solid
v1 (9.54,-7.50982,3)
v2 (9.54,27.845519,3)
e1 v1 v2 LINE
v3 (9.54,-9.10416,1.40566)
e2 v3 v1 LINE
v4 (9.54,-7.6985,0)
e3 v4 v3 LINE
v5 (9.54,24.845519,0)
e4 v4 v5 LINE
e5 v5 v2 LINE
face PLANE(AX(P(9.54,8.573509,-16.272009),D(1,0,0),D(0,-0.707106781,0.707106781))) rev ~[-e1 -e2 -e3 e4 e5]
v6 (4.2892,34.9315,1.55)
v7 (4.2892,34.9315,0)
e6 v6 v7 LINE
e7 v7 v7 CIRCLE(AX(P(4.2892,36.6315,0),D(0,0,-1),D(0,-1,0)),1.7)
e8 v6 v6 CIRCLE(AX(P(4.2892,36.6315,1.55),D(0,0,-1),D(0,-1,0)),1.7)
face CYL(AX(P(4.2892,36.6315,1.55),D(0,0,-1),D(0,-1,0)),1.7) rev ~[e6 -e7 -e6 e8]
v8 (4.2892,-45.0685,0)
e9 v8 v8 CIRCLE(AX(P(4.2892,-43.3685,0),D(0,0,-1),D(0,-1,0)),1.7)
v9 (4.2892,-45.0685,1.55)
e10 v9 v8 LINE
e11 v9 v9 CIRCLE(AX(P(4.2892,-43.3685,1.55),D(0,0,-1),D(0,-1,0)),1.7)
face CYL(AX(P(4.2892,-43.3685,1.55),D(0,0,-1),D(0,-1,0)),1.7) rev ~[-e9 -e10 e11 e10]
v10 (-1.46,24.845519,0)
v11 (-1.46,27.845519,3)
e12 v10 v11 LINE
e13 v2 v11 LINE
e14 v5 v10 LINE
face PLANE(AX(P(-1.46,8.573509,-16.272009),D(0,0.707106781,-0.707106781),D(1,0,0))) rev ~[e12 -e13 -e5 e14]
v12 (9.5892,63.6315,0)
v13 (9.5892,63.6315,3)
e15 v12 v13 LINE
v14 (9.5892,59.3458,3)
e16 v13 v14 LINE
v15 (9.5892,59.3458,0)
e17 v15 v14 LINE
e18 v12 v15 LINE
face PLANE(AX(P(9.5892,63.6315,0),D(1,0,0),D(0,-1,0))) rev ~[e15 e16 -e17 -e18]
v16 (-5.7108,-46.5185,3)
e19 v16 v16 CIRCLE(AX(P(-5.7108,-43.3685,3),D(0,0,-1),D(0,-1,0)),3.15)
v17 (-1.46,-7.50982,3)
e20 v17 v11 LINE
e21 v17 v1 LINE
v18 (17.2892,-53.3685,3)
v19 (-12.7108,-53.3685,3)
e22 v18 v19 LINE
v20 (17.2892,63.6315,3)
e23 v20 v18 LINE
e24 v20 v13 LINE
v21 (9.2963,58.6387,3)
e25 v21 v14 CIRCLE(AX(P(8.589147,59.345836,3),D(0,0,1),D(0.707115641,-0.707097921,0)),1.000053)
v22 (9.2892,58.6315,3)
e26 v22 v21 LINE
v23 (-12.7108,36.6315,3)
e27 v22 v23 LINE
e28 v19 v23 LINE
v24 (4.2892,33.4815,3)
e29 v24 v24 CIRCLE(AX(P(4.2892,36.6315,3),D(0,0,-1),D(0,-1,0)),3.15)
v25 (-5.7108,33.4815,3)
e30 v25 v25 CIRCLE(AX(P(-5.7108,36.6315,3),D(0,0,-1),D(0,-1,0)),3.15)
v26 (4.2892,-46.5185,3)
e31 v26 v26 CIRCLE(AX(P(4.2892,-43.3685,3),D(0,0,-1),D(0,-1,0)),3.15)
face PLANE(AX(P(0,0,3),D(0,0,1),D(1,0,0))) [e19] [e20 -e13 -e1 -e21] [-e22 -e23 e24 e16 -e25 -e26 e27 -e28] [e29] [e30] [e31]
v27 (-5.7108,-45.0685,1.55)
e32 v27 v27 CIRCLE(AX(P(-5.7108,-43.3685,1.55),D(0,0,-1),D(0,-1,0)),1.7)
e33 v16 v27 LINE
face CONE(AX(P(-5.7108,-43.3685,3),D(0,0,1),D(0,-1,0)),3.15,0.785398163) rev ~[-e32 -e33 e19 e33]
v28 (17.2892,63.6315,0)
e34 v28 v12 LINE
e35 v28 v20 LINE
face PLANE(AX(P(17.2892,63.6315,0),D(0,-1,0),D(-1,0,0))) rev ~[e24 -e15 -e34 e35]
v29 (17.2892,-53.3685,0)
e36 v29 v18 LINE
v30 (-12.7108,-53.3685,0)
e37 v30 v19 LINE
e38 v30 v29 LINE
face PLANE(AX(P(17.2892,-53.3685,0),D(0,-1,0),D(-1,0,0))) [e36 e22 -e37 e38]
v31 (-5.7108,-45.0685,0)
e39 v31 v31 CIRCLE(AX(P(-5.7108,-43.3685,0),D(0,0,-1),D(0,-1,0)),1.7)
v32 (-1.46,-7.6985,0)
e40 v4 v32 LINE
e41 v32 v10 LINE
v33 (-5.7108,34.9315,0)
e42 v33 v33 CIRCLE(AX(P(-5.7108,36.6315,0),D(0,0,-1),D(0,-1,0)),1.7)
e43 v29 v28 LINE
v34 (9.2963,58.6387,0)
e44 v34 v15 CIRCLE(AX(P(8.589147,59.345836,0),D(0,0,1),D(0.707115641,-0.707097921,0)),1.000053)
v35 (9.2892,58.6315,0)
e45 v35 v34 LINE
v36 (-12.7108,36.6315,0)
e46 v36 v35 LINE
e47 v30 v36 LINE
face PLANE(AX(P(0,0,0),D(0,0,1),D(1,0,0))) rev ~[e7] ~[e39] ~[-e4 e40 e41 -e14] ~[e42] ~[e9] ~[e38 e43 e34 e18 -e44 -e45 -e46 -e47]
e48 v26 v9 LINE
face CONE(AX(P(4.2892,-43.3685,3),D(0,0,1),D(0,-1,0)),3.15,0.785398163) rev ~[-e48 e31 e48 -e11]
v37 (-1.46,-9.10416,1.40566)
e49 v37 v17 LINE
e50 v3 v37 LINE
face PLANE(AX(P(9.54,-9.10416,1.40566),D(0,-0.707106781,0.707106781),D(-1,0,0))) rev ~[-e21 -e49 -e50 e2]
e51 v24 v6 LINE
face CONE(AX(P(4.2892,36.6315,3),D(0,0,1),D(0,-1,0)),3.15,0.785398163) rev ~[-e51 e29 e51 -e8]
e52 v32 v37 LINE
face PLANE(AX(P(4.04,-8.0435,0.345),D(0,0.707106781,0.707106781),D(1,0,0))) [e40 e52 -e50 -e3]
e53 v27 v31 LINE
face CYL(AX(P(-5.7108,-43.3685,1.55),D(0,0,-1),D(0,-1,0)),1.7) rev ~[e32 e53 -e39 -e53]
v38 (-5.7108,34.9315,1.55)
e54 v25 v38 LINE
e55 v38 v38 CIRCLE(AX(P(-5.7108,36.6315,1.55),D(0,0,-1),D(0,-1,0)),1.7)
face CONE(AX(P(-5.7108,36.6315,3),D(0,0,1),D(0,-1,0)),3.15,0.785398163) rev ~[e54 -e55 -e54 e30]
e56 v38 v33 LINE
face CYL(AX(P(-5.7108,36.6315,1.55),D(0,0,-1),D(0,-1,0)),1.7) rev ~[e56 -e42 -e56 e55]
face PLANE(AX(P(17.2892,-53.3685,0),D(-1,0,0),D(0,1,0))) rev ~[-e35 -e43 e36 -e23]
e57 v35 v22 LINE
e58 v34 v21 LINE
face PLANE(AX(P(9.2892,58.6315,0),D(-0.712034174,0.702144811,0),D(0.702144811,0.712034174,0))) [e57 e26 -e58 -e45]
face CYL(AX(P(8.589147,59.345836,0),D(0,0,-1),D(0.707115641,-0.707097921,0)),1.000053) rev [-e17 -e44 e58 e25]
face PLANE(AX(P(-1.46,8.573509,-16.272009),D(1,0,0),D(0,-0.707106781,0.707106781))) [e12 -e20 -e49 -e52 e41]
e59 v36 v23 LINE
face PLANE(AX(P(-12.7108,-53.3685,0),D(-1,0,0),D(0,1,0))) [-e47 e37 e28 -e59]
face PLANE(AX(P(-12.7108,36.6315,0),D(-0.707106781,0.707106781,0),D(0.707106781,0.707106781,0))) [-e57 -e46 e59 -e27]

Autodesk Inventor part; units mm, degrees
ref_plane "YZ Plane" through (0, 0, 0) normal (1, 0, 0) x (0, 1, 0)
ref_plane "XZ Plane" through (0, 0, 0) normal (0, 1, 0) x (-1, 0, 0)
ref_plane "XY Plane" through (0, 0, 0) normal (0, 0, 1) x (1, 0, 0)
sketch "Sketch1" plane through (0, 0, 0) normal (0, 0, 1) x (1, 0, 0)
  line L0 (17.2892, -53.3685) -> (9.2892, -53.3685) projected
  line L1 (-10.7108, -53.3685) -> (9.2892, -53.3685) projected
  line L2 (9.2892, 58.6315) -> (-10.7108, 38.6315) projected
  line L3 (17.2892, -53.3685) -> (17.2892, -49.7758) projected
  line L4 (17.2892, -46.9611) -> (17.2892, 27.2242) projected
  line L5 (17.2892, 30.0389) -> (17.2892, 41.6315) projected
  line L6 (17.2892, 41.6315) -> (17.2892, 51.5315) projected
  line L7 (17.2892, 63.6315) -> (17.2892, 56.6315) projected
  line L8 (9.2892, 63.6315) -> (17.2892, 63.6315) construction
  line L9 (17.2892, 63.6315) -> (9.5892, 63.6315)
  line L10 (9.5892, 63.6315) -> (9.5892, 59.3458)
  line L11 (9.2892, 58.6315) -> (9.2963, 58.6387)
  line L12 (9.2892, 60.6315) -> (9.2892, 63.6315) construction
  arc A0 (9.2963, 58.6387) -> (9.5892, 59.3458) centre (8.5892, 59.3458) ccw
  line L13 (17.2892, 27.2242) -> (17.2892, 30.0389)
  line L14 (17.2892, 51.5315) -> (17.2892, 56.6315)
  line L15 (17.2892, -49.7758) -> (17.2892, -46.9611)
  line L16 (-10.7108, -53.3685) -> (-12.7108, -53.3685)
  line L17 (-12.7108, -53.3685) -> (-12.7108, 36.6315)
  line L18 (-12.7108, 36.6315) -> (-10.7108, 38.6315)
  point P0 (0, 0)
  dimension "d2" = 0.3
  dimension "d3" = 1
  dimension "d19" = 30
extrude "Extrusion1" add sketch "Sketch1" along normal blind 3
ref_plane "Work Plane2" through (4.04, -8.0435, 0.345) normal (0, 0.7071, 0.7071) x (1, 0, 0)
sketch "Sketch3" plane through (4.04, -8.0435, 0.345) normal (0, 0.7071, 0.7071) x (1, 0, 0)
  line L0 (-4, 22) -> (-4, 0) construction
  line L1 (4, 22) -> (-4, 22) construction
  line L2 (4, 0) -> (4, 22) construction
  line L3 (-4, 0) -> (4, 0) construction
  line L4 (-5.5, 23.5) -> (-5.5, -1.5)
  line L5 (-5.5, 23.5) -> (5.5, 23.5)
  line L6 (5.5, 23.5) -> (5.5, -1.5)
  line L7 (5.5, -1.5) -> (-5.5, -1.5)
  point P0 (-4.04, 5.9315)
  dimension "d6" = 1.5
  dimension "d7" = 1.5
  dimension "d8" = 1.5
  dimension "d9" = 1.5
extrude "Extrusion2" cut sketch "Sketch3" along normal through all
sketch "Sketch4" plane through (0, 0, 3) normal (0, 0, 1) x (1, 0, 0)
  circle A0 centre (-5.7108, -43.3685) radius 2.25 projected
  circle A1 centre (4.2892, -43.3685) radius 2.25 projected
  circle A2 centre (-5.7108, 36.6315) radius 2.25 projected
  circle A3 centre (4.2892, 36.6315) radius 2.25 projected
  point P0 (0, 0)
hole "Hole1" at (-5.7108, -43.3685, 3) at (4.2892, -43.3685, 3) at (-5.7108, 36.6315, 3) at (4.2892, 36.6315, 3) direction (0, 0, -1) diameter 3.4 end through all countersink diameter 6.3 countersink angle 90 clearance for "Countersunk Flat Head Screw ISO 2009/7046" size "M3" standard "ISO"
equation "\"d7\" = d6"
equation "\"d8\" = d6"
equation "\"d9\" = d6"
properties part number "BokPrawy"
